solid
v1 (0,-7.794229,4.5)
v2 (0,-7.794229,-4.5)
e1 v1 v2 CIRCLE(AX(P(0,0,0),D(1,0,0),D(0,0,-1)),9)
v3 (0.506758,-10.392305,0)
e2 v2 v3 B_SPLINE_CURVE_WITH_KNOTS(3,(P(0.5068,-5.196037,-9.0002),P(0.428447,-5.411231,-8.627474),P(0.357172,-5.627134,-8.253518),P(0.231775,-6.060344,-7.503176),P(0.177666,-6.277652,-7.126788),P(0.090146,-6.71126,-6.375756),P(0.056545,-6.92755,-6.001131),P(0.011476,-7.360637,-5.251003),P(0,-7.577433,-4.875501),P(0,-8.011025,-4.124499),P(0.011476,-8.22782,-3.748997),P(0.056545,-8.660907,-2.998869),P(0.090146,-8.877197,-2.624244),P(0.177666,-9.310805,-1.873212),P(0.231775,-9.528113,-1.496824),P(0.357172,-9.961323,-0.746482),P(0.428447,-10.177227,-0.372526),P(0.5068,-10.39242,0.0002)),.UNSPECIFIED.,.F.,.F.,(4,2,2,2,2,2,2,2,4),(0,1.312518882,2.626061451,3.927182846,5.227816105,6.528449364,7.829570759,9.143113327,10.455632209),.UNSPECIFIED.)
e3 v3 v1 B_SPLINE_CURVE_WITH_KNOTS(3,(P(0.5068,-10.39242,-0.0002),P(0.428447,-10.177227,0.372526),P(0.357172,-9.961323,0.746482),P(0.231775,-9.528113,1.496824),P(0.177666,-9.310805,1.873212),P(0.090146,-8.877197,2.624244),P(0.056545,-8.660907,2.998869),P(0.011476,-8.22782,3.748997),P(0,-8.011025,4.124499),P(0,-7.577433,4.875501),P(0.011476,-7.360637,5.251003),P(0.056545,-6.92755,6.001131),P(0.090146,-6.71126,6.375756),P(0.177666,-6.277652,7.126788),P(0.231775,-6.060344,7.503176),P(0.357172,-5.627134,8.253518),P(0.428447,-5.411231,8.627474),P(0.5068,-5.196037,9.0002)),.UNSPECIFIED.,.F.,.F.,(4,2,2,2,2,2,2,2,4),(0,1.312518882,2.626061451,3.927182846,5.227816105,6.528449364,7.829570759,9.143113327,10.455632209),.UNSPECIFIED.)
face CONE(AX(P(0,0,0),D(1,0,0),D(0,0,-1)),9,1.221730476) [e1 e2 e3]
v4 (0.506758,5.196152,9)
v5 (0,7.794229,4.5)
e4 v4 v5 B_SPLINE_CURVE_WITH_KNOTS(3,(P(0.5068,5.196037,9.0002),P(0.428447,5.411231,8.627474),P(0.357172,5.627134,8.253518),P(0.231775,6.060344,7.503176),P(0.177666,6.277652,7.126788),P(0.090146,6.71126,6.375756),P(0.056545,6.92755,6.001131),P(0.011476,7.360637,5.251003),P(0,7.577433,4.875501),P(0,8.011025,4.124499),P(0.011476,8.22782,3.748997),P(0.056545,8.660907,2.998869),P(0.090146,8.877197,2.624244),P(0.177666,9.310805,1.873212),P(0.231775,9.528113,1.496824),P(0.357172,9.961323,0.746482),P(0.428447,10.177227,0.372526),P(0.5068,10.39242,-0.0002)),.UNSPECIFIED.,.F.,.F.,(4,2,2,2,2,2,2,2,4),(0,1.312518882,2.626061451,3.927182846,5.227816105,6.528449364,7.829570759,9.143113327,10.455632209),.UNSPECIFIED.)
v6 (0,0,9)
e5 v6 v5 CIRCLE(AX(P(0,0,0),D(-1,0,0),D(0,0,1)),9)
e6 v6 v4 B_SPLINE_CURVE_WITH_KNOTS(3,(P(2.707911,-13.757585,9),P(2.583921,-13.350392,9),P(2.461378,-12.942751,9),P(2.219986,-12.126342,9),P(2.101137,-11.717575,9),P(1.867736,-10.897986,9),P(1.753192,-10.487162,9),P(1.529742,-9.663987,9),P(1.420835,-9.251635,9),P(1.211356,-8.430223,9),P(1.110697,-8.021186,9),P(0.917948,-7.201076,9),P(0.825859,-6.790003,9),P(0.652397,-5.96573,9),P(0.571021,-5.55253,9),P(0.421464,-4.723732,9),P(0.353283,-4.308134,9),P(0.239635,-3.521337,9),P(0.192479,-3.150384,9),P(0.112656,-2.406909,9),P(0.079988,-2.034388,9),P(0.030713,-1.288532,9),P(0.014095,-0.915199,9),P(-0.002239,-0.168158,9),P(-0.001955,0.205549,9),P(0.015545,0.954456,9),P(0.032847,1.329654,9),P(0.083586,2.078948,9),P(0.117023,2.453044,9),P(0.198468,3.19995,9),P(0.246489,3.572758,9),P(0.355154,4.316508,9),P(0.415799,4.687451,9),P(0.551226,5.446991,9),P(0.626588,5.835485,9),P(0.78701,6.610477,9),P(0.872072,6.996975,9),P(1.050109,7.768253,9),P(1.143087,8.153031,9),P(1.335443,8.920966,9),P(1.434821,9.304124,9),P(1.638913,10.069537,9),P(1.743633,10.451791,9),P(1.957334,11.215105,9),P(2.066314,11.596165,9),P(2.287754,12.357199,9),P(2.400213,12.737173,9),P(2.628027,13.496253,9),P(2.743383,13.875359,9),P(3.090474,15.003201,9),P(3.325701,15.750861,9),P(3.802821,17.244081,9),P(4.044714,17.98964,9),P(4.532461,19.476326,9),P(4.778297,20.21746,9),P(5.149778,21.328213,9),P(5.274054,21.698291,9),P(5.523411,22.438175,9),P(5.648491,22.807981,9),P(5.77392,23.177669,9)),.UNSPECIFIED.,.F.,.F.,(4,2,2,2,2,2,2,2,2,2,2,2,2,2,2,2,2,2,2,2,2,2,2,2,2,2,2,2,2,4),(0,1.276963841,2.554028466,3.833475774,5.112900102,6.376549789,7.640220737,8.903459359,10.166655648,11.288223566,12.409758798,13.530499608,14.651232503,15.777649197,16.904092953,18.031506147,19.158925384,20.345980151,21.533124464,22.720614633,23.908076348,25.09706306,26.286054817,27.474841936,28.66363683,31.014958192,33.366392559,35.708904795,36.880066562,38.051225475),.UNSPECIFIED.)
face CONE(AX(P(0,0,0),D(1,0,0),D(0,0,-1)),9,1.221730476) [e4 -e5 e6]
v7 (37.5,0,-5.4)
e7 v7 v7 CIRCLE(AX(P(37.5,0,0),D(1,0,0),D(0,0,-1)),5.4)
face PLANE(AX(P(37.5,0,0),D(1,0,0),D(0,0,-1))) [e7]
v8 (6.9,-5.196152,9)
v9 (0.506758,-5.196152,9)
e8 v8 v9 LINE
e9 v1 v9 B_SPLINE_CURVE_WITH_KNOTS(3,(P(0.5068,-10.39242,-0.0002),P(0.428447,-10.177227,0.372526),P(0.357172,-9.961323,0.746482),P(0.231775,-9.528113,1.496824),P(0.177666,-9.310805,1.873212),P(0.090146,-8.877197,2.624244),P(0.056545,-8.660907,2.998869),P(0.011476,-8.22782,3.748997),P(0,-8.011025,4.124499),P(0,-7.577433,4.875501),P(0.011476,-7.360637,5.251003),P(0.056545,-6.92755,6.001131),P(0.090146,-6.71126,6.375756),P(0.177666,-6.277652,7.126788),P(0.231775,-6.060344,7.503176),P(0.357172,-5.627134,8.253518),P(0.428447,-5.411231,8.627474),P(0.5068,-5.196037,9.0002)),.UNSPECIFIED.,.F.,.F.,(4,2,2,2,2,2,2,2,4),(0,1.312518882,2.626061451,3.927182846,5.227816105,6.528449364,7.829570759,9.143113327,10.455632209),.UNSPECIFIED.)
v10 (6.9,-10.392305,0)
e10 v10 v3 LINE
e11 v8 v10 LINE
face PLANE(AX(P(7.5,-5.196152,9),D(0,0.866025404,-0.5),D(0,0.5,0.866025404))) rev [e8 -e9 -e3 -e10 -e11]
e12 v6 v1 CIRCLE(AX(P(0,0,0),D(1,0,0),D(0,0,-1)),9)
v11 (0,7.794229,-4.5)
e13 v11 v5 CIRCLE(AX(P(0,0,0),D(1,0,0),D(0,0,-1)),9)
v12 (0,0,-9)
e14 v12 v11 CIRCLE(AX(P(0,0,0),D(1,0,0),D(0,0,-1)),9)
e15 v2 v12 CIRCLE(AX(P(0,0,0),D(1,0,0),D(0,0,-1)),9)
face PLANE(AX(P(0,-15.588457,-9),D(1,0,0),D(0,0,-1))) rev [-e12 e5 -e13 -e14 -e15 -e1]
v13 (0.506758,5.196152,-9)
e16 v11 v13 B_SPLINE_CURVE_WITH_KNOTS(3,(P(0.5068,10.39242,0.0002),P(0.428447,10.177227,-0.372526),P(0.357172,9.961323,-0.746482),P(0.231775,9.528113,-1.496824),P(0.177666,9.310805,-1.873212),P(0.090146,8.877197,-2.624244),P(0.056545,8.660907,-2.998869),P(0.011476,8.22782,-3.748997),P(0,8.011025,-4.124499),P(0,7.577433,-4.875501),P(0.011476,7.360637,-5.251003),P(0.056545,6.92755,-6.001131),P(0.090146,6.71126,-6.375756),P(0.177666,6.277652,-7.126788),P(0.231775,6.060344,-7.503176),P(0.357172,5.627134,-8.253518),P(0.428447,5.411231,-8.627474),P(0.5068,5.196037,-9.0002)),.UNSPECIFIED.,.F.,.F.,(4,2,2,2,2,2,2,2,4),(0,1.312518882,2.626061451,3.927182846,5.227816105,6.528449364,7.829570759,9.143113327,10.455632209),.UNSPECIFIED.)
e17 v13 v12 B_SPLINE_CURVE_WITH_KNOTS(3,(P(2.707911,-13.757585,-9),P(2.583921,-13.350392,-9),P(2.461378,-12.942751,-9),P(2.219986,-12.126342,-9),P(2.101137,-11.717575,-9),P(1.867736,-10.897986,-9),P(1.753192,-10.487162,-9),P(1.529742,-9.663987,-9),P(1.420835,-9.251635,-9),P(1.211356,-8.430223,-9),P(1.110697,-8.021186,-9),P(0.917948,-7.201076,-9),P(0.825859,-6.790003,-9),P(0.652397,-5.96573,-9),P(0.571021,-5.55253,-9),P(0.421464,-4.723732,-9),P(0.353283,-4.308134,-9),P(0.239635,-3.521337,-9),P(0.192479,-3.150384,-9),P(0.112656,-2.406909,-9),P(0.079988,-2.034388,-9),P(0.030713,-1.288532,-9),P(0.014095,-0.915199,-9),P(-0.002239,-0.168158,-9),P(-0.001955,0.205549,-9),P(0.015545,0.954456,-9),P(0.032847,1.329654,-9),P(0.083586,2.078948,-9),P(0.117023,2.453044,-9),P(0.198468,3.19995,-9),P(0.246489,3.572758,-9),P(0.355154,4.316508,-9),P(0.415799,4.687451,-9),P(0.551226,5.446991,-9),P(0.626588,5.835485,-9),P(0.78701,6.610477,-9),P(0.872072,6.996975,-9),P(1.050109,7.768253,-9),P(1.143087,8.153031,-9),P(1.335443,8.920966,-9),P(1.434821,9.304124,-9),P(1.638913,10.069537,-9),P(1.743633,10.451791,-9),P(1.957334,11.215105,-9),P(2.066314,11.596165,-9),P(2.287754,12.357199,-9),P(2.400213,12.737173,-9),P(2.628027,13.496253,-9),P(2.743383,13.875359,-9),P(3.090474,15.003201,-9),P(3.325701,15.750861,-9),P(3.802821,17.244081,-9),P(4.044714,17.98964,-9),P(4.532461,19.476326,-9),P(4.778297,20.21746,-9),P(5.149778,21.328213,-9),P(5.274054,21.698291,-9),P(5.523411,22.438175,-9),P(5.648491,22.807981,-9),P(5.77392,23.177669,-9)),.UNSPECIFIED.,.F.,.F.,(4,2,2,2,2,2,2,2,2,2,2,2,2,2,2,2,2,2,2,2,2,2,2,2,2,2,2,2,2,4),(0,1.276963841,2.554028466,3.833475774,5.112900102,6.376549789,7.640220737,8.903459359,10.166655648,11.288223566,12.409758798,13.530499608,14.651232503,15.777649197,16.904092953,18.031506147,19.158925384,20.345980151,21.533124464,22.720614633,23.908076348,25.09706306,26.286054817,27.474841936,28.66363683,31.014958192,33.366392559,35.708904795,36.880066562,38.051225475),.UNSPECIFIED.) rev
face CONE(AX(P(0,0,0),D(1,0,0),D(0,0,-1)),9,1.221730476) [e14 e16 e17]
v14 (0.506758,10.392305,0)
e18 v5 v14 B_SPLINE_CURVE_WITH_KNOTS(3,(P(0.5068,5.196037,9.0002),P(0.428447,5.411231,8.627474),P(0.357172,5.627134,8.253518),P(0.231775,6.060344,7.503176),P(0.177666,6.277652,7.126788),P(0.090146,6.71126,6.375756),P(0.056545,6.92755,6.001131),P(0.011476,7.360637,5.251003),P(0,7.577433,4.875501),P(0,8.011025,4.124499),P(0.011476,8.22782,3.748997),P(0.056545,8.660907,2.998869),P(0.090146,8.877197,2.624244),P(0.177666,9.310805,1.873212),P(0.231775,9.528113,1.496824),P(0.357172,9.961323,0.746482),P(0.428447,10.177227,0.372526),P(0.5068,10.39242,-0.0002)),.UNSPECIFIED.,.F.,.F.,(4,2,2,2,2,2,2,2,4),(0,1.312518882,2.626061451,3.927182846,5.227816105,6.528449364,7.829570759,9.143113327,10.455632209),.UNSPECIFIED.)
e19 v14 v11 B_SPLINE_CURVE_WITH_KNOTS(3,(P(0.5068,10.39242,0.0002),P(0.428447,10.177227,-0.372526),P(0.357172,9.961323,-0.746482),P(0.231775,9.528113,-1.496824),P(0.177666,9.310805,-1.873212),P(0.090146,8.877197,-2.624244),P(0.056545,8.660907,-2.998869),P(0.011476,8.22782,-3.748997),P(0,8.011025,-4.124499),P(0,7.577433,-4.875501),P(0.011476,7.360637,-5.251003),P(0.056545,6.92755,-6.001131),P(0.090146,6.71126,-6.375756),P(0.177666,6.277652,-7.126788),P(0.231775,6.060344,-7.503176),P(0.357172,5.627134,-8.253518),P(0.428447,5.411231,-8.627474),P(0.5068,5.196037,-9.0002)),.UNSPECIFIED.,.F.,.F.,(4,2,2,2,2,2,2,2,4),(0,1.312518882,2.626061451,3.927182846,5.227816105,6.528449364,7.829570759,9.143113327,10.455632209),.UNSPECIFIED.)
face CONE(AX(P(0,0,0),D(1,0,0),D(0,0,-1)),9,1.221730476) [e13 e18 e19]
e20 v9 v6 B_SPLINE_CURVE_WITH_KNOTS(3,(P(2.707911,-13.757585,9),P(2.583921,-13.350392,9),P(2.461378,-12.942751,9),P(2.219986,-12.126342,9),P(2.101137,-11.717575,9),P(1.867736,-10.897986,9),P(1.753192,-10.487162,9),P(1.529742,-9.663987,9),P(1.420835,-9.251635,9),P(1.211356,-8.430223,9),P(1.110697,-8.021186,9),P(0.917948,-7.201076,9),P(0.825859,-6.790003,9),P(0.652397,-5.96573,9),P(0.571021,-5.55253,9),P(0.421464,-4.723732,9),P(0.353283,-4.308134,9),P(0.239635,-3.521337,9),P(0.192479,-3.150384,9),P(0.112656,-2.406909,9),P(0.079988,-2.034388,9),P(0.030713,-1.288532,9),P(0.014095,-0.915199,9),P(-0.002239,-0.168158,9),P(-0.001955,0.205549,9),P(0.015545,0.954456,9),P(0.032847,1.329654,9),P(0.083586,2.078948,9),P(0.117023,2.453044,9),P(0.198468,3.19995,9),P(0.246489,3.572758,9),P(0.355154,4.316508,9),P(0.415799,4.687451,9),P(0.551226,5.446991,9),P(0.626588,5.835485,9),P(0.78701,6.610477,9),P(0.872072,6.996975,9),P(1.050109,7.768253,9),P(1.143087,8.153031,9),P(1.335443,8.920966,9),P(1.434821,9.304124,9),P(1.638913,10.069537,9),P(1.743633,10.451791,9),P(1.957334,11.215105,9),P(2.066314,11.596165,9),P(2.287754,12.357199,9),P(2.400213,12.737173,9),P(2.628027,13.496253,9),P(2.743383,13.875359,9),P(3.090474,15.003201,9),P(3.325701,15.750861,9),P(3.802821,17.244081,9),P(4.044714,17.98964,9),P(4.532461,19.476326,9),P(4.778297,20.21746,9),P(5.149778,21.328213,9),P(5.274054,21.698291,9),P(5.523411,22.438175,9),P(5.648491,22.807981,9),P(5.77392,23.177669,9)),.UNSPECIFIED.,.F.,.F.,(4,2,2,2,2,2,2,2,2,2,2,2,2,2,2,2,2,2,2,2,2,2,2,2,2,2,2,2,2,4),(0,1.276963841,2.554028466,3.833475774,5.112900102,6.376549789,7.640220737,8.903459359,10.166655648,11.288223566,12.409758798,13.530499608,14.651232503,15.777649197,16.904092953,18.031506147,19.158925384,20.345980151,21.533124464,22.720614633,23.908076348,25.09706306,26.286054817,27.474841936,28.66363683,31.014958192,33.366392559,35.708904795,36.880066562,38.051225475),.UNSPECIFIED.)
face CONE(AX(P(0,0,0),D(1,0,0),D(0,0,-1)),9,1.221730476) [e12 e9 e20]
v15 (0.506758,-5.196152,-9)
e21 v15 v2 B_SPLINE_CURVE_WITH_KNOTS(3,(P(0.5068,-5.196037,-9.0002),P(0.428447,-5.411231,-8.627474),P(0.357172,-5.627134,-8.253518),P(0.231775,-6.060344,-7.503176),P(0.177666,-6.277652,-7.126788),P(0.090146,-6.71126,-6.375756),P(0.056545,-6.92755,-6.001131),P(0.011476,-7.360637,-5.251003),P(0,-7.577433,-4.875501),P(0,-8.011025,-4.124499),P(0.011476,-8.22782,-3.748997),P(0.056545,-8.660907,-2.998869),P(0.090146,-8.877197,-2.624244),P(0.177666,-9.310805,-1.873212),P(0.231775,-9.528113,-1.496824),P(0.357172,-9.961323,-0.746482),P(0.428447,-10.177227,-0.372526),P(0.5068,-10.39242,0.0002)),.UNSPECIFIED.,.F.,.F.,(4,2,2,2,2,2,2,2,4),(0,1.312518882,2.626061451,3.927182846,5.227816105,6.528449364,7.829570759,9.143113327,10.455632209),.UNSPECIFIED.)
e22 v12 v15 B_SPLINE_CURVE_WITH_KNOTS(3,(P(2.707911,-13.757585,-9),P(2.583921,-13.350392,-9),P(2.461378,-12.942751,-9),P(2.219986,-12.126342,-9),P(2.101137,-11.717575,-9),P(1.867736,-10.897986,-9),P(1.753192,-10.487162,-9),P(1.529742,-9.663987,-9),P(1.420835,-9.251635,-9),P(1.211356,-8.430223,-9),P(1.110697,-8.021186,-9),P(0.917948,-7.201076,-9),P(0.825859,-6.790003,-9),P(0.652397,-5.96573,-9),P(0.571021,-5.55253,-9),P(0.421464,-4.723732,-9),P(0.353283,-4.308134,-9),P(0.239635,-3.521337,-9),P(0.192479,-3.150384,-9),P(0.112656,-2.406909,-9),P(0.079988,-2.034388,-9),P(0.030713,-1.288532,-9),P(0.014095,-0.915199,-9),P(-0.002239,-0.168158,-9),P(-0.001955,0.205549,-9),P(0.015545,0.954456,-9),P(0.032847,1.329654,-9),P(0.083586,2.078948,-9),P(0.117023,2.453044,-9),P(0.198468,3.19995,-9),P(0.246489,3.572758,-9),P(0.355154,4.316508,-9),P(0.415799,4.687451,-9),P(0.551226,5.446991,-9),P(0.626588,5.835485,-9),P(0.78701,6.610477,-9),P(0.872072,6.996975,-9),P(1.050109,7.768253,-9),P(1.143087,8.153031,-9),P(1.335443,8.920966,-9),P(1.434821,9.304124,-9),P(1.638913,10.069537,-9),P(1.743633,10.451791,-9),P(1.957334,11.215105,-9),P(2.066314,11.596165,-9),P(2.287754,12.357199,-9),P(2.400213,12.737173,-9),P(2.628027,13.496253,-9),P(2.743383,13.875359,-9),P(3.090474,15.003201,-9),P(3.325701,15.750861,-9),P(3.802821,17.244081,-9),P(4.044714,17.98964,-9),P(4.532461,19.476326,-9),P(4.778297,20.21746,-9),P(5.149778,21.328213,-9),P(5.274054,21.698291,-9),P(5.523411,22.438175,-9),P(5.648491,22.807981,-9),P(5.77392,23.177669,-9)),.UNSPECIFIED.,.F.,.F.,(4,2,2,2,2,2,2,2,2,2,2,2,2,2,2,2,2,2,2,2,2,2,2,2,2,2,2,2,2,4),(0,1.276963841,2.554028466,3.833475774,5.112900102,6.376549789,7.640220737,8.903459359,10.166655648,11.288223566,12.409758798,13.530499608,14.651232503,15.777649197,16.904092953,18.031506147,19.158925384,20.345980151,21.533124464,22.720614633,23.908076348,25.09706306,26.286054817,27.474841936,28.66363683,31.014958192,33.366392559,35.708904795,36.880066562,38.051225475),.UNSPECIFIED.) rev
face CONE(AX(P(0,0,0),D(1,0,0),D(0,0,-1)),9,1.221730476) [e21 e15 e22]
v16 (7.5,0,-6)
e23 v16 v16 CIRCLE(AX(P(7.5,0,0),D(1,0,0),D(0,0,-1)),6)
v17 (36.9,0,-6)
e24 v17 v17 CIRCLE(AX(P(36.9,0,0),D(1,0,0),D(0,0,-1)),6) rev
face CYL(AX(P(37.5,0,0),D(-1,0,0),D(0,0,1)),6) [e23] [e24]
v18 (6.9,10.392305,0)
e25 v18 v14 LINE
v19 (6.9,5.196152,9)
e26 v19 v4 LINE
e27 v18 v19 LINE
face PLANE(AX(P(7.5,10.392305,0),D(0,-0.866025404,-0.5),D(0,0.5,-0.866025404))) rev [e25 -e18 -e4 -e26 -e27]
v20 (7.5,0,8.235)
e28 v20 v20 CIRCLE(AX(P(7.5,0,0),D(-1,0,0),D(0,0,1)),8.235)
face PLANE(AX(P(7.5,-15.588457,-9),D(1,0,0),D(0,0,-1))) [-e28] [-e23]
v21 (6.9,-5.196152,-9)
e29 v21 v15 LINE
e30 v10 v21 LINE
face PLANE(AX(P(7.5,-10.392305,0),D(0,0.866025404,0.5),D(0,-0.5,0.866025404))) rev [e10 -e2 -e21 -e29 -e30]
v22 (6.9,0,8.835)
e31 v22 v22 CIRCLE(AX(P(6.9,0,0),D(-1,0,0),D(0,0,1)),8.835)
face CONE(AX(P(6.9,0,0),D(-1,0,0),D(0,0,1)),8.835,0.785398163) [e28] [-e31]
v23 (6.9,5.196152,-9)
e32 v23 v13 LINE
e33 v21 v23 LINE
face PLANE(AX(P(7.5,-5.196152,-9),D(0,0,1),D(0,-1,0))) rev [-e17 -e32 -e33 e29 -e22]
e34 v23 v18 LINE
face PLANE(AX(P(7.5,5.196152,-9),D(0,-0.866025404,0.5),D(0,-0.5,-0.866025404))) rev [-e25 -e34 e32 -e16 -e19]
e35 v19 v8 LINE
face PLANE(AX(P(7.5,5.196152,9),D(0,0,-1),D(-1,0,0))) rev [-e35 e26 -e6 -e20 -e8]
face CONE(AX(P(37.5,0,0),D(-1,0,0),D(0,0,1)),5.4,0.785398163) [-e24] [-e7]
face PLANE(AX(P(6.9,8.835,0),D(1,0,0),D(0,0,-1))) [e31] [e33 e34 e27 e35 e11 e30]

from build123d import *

# Parameters (mm, degrees)
BASEHEAD_DEPTH = 7.5
SKETCH5_R      = 6
BASEBODY_DEPTH = 30
CHAMFER1_SIZE  = 0.6


with BuildPart() as part:
    # Sketch2 → BaseHead (new body)
    with BuildSketch(Plane(origin=(0, 0, 0), x_dir=(0, 0, -1), z_dir=(1, 0, 0))):
        Polygon((0, -10.392304845), (9, -5.196152423), (9, 5.196152423), (0, 10.392304845), (-9, 5.196152423), (-9, -5.196152423), align=None)
    extrude(amount=BASEHEAD_DEPTH)

    # Sketch3 → BearingFace (revolve, cut)
    with BuildSketch(Plane.XY, mode=Mode.PRIVATE) as bearingface_sk:
        Polygon((7.5, 10.392304845), (7.5, 8.235), (6.9, 8.835), (6.9, 10.392304845), align=None)
    revolve(bearingface_sk.sketch.rotate(Axis((-0.957090588, 0, 0), (1, 0, 0)), 90), axis=Axis((-0.957090588, 0, 0), (1, 0, 0)), mode=Mode.SUBTRACT)

    # Sketch4 → HeadChamfer (revolve, cut)
    with BuildSketch(Plane.XY):
        Polygon((0, 10.392304845), (0.506757521, 10.392304845), (0, 9), align=None)
    revolve(axis=Axis((-0.493528746, 0, 0), (1, 0, 0)), mode=Mode.SUBTRACT)

    # Sketch5 → BaseBody (add)
    with BuildSketch(Plane(origin=(7.5, 0, 0), x_dir=(0, 0, -1), z_dir=(1, 0, 0))):
        Circle(SKETCH5_R)
    extrude(amount=BASEBODY_DEPTH)

    # Chamfer1
    chamfer1_edges = [part.edges().sort_by_distance(p)[0] for p in [
        (37.5, 0, 6),
    ]]
    chamfer(chamfer1_edges, length=CHAMFER1_SIZE)


solid = part.part
